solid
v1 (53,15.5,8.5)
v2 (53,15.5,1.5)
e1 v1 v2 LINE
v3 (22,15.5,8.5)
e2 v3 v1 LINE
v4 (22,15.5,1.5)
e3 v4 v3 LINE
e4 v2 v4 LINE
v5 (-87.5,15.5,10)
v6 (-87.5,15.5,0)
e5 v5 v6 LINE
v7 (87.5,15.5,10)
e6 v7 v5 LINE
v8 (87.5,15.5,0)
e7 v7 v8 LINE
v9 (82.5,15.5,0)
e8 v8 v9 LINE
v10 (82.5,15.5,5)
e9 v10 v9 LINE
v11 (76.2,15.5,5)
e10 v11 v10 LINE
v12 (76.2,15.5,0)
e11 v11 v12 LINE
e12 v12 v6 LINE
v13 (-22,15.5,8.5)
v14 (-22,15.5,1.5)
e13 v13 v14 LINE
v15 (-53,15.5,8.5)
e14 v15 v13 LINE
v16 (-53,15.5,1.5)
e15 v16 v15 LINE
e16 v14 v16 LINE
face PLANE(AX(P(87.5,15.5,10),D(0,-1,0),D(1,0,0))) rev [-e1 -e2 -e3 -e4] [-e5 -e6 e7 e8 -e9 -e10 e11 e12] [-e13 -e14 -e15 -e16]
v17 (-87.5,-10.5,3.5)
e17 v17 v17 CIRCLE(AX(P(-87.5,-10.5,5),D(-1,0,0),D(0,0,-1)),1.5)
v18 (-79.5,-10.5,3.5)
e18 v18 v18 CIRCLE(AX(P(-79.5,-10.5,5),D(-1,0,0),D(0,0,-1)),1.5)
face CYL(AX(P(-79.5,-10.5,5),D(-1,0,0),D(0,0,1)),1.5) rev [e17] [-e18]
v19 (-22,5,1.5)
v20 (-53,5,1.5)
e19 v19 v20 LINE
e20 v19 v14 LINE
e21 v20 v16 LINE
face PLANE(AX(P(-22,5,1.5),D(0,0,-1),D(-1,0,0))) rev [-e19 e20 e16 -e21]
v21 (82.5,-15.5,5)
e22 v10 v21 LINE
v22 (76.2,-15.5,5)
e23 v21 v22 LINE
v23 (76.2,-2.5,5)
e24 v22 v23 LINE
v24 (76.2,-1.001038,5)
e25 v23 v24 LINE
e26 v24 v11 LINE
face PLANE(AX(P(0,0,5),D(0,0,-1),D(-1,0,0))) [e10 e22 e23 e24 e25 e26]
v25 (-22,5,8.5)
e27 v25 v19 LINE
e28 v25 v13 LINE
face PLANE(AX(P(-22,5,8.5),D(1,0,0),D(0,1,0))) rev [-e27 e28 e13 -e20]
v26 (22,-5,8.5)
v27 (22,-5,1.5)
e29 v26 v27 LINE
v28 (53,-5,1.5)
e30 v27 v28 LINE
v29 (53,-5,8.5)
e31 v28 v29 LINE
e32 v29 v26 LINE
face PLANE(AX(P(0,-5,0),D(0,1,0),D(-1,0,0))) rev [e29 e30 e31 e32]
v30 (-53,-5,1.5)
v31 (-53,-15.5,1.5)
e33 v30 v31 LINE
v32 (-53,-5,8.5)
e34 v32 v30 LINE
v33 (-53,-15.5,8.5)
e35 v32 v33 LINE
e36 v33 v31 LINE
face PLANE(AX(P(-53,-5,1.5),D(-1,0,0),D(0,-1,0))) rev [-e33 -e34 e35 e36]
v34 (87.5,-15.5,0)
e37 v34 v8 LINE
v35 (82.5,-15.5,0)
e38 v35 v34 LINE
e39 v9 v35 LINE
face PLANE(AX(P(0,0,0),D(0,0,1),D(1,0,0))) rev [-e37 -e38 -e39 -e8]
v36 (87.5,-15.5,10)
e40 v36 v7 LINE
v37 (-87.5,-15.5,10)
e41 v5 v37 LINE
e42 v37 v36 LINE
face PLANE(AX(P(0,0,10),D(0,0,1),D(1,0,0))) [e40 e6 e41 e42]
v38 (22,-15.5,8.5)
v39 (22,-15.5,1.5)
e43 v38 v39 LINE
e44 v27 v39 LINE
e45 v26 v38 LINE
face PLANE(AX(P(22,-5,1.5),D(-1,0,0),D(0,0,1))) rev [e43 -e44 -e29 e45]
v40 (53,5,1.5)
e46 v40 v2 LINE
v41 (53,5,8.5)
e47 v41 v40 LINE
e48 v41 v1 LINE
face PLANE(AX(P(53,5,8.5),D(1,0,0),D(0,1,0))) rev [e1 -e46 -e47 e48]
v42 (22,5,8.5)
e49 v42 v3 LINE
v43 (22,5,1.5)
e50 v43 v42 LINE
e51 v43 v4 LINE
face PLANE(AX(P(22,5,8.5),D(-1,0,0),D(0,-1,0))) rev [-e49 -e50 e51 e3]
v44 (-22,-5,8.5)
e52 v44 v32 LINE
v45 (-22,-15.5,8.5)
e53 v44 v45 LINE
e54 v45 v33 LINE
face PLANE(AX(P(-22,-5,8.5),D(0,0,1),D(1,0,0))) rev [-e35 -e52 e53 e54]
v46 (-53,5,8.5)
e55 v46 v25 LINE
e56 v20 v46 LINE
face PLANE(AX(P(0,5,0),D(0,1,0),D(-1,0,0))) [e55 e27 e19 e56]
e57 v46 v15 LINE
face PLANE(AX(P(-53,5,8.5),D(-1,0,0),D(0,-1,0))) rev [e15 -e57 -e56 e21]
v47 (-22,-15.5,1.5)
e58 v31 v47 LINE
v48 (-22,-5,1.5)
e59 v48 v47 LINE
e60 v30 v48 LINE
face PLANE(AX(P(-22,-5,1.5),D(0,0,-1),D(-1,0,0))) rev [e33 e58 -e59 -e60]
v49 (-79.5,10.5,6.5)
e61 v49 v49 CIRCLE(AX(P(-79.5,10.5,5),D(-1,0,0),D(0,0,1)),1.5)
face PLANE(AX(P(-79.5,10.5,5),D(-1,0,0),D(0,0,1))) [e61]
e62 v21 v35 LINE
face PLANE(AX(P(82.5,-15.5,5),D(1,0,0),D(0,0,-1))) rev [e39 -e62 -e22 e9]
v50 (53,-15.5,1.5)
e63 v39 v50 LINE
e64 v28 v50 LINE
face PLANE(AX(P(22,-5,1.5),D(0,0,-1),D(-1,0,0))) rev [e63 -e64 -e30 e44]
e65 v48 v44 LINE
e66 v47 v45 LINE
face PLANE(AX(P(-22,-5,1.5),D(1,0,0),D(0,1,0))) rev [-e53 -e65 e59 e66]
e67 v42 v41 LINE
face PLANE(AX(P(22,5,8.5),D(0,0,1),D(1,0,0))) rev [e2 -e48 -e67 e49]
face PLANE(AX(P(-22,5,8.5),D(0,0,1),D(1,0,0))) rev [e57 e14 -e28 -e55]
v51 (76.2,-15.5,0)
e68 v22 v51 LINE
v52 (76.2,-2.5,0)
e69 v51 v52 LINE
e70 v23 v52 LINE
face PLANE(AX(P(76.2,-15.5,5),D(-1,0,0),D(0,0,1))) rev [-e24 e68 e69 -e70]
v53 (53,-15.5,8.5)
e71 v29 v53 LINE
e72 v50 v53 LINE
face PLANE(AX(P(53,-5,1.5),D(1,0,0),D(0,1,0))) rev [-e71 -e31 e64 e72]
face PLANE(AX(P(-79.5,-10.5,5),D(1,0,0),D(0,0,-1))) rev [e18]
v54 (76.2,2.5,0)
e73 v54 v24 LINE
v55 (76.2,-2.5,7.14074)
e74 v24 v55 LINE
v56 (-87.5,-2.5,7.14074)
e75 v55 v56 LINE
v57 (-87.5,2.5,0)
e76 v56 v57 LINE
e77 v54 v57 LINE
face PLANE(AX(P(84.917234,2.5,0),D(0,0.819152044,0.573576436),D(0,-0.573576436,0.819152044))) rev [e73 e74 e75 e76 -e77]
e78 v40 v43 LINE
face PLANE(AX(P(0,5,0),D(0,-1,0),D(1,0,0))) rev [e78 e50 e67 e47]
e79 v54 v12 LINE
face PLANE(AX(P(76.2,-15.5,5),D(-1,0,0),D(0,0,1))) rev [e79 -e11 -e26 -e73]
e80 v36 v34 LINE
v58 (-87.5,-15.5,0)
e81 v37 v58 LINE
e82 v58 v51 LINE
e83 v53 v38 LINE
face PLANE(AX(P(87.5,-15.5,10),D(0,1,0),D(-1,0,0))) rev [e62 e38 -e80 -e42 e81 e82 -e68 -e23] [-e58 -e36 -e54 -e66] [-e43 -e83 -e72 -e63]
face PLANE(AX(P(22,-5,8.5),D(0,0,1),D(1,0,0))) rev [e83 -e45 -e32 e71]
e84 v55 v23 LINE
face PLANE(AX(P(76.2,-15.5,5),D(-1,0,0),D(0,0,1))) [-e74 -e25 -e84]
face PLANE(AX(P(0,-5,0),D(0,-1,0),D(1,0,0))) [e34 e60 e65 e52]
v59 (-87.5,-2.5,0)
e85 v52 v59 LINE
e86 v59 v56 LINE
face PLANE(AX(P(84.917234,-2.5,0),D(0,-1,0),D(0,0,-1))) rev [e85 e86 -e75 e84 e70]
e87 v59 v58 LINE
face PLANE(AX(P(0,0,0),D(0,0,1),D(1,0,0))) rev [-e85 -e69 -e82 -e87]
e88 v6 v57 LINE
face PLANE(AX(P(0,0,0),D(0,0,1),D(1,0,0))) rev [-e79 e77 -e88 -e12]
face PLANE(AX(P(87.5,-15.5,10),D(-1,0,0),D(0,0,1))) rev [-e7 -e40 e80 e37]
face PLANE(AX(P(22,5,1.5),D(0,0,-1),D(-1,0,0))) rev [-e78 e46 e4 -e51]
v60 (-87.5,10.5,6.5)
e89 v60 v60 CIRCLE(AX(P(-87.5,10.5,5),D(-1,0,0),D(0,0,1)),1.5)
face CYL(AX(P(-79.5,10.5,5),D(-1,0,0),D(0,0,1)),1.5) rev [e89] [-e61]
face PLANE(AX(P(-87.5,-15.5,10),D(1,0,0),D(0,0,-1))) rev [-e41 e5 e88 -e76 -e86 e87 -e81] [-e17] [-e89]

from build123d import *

# Parameters (mm, degrees)
ESBO_O1_W                = 175
ESBO_O1_H                = 31
RESSALTO_EXTRUS_O1_DEPTH = 10
ESBO_O2_W                = 31
ESBO_O2_H                = 7
CORTE_EXTRUS_O1_DEPTH    = 10.5
ESBO_O3_W                = 31
ESBO_O3_H                = 7
CORTE_EXTRUS_O2_DEPTH    = 10.5
ESBO_O6_W                = 6.3
ESBO_O6_H                = 31
CORTE_EXTRUS_O5_DEPTH    = 5
ESBO_O5_R                = 1.5
CORTE_EXTRUS_O4_DEPTH    = 8
CORTE_EXTRUS_O6_DEPTH    = 163.7


with BuildPart() as part:
    # Esboço1 → Ressalto-extrusão1 (new body)
    with BuildSketch(Plane.XY):
        Rectangle(ESBO_O1_W, ESBO_O1_H)
    extrude(amount=RESSALTO_EXTRUS_O1_DEPTH)

    # Esboço2 → Corte-extrusão1 (cut)
    with BuildSketch(Plane(origin=(0, 15.5, 0), x_dir=(1, 0, 0), z_dir=(0, 1, 0))):
        with Locations((-37.5, -5)):
            Rectangle(ESBO_O2_W, ESBO_O2_H)
        with Locations((37.5, -5)):
            Rectangle(ESBO_O2_W, ESBO_O2_H)
    extrude(amount=-CORTE_EXTRUS_O1_DEPTH, mode=Mode.SUBTRACT)

    # Esboço3 → Corte-extrusão2 (cut)
    with BuildSketch(Plane.XZ.offset(15.5)):
        with Locations((-37.5, 5)):
            Rectangle(ESBO_O3_W, ESBO_O3_H)
        with Locations((37.5, 5)):
            Rectangle(ESBO_O3_W, ESBO_O3_H)
    extrude(amount=-CORTE_EXTRUS_O2_DEPTH, mode=Mode.SUBTRACT)

    # Esboço6 → Corte-extrusão5 (cut)
    with BuildSketch(Plane(origin=(0, 0, 0), x_dir=(-1, 0, 0), z_dir=(0, 0, -1))):
        with Locations((-79.35, 0)):
            Rectangle(ESBO_O6_W, ESBO_O6_H)
    extrude(amount=-CORTE_EXTRUS_O5_DEPTH, mode=Mode.SUBTRACT)

    # Esboço5 → Corte-extrusão4 (cut)
    with BuildSketch(Plane.ZY.offset(87.5)):
        with Locations((5, 10.5)):
            Circle(ESBO_O5_R)
        with Locations((5, -10.5)):
            Circle(ESBO_O5_R)
    extrude(amount=-CORTE_EXTRUS_O4_DEPTH, mode=Mode.SUBTRACT)

    # Esboço4 → Corte-extrusão6 (cut)
    with BuildSketch(Plane.ZY.offset(87.5)):
        Polygon((0, 2.5), (7.140740034, -2.5), (0, -2.5), align=None)
    extrude(amount=-CORTE_EXTRUS_O6_DEPTH, mode=Mode.SUBTRACT)


solid = part.part
